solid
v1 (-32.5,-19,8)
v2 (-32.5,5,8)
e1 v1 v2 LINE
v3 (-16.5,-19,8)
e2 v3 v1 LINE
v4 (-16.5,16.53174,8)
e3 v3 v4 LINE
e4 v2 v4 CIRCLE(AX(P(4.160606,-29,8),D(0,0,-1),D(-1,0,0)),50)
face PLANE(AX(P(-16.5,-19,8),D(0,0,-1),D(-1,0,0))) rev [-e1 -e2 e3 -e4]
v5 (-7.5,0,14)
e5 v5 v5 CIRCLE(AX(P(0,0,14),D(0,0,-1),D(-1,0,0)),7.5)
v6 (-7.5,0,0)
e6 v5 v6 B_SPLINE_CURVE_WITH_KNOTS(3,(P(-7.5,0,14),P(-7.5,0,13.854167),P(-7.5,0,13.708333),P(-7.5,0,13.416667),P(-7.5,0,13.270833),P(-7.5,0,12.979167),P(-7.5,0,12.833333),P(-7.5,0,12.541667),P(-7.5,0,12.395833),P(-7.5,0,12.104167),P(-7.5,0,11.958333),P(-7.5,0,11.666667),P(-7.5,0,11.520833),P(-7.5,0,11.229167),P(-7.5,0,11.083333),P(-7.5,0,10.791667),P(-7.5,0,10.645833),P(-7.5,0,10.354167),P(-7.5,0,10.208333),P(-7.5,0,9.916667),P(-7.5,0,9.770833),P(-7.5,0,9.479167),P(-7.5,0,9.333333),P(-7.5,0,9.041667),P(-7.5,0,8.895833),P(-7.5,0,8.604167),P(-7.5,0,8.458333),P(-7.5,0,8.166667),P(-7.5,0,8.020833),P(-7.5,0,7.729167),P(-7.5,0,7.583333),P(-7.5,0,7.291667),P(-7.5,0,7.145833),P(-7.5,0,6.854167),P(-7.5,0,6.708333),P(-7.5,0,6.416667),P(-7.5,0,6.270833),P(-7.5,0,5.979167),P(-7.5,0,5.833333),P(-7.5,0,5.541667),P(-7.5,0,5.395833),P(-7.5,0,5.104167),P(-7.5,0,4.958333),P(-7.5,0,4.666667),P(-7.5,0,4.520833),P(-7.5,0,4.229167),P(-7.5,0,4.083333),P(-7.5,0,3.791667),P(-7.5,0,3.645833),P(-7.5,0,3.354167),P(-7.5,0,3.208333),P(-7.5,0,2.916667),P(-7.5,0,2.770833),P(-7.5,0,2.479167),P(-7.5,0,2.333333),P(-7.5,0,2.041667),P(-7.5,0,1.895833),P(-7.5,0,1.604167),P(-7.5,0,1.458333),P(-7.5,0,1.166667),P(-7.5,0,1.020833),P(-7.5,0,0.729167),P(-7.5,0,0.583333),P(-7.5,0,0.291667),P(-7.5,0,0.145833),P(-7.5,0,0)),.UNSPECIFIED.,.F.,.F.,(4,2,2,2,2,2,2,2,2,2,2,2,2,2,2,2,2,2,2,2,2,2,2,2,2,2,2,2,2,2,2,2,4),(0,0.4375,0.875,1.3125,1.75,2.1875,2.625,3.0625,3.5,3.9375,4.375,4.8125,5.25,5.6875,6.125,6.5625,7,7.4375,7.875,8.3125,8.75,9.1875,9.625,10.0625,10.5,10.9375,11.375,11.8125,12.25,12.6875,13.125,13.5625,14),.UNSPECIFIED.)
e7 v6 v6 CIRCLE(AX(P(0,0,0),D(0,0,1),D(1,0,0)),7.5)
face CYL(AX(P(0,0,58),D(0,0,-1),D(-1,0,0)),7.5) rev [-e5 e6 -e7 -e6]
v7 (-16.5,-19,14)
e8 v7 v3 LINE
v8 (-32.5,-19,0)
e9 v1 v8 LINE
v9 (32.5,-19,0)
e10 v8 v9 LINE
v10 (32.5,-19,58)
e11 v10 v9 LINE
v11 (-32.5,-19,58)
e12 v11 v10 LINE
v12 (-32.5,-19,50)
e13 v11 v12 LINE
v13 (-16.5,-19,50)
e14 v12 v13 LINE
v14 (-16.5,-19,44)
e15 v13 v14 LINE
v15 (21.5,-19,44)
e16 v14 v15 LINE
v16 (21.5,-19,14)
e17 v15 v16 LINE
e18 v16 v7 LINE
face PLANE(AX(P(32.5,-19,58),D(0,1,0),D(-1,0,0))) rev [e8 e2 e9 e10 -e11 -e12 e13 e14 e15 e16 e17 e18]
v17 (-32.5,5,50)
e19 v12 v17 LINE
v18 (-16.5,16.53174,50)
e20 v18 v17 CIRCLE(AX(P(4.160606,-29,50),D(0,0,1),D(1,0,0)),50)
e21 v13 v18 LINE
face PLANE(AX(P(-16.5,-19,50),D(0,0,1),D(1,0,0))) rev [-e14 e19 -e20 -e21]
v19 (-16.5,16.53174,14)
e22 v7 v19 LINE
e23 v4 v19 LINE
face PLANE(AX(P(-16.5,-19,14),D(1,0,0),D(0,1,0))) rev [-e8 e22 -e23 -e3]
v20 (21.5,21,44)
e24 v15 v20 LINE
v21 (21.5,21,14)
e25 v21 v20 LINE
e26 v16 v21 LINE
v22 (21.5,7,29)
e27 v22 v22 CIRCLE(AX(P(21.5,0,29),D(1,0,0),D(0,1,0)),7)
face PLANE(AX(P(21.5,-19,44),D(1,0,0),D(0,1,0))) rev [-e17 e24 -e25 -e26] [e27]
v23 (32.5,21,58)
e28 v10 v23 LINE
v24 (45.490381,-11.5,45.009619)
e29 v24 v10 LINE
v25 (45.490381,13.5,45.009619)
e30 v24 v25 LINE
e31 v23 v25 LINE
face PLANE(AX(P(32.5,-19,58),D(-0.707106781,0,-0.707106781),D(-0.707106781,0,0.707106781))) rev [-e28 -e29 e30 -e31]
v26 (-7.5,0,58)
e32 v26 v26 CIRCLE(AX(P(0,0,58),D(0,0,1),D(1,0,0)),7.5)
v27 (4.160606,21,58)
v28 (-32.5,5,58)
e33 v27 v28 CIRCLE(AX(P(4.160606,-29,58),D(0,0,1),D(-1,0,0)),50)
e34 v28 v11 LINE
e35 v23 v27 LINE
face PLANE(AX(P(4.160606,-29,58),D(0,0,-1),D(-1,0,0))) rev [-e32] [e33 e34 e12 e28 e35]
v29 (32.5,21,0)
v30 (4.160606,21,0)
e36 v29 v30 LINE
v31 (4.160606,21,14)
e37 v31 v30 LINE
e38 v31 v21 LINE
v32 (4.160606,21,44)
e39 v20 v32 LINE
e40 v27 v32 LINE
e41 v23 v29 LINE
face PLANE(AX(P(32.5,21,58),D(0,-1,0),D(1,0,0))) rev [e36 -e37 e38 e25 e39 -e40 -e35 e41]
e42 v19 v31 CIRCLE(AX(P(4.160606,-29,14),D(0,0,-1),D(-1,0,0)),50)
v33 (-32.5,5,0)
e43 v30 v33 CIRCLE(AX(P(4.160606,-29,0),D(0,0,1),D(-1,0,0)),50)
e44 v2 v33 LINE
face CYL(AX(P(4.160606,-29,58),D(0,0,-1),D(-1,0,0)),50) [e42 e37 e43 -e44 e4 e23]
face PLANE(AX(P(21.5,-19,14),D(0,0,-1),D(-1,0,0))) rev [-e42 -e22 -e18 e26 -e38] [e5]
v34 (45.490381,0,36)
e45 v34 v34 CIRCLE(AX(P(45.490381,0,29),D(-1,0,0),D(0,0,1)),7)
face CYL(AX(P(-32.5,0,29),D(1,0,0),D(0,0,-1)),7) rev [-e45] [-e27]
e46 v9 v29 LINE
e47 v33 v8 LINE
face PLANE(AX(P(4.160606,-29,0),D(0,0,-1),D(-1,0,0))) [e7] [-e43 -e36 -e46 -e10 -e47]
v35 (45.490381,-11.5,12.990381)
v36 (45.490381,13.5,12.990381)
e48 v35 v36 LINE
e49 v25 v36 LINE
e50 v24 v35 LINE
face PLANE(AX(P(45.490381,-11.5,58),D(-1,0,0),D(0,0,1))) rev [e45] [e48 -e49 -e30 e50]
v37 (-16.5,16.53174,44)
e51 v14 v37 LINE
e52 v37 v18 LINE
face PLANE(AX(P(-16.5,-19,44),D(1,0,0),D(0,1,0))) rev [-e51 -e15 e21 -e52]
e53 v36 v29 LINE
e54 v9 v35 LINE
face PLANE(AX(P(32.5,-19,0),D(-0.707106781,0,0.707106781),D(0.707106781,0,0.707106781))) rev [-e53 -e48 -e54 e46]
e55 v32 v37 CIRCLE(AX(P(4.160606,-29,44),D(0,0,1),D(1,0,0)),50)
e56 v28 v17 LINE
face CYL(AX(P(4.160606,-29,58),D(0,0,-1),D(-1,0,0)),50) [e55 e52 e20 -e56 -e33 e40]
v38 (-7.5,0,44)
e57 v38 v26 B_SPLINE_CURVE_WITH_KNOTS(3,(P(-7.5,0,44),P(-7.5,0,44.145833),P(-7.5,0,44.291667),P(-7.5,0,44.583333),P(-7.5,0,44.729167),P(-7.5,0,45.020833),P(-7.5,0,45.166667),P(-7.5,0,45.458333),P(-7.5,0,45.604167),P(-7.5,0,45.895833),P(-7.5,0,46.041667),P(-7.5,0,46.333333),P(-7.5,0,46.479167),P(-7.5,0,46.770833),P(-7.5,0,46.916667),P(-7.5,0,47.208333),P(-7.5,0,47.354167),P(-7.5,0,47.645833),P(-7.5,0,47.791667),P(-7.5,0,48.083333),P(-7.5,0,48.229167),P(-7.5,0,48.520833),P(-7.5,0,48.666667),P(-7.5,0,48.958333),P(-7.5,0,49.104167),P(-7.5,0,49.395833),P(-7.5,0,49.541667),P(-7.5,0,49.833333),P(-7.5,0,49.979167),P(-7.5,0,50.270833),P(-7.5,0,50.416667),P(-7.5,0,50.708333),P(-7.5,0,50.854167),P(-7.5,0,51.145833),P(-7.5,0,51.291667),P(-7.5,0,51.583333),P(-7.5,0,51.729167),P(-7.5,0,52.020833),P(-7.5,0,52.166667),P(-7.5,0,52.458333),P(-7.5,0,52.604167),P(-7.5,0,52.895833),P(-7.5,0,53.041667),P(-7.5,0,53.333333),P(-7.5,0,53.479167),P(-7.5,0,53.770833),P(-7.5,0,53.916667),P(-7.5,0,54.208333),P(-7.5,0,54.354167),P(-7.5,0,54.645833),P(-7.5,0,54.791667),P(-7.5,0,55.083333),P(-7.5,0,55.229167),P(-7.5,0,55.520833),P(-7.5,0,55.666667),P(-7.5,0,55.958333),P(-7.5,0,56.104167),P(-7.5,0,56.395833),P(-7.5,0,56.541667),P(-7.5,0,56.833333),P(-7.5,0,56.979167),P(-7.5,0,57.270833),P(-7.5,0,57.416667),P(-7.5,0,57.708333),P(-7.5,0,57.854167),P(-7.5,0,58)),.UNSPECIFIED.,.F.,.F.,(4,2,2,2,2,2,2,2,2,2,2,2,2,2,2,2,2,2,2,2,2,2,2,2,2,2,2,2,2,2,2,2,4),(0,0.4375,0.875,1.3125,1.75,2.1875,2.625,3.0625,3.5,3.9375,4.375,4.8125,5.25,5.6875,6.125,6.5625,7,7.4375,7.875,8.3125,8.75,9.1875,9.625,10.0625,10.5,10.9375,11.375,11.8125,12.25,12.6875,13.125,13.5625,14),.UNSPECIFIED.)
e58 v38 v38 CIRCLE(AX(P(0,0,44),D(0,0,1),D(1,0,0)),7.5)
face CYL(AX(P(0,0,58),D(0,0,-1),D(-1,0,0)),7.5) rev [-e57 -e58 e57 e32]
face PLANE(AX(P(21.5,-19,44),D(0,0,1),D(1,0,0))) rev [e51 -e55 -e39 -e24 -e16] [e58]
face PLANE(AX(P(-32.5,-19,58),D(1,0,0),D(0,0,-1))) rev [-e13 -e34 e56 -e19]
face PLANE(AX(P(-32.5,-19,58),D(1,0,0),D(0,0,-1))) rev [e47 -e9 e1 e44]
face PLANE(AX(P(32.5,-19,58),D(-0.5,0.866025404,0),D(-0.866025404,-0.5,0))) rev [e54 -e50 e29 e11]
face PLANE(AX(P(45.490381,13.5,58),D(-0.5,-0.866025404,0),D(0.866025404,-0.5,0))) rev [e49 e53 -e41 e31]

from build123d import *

# Parameters (mm, degrees)
SKETCH1_R               = 7.5
BOSS_EXTRUDE1_DEPTH     = 58
SKETCH2_W               = 38
SKETCH2_H               = 30
CUT_EXTRUDE1_DEPTH      = 84.865217872
CUT_EXTRUDE1_DEPTH_BACK = 84.865217872
SKETCH3_W               = 16
SKETCH3_H               = 6
CUT_EXTRUDE4_DEPTH      = 84.865217872
CUT_EXTRUDE4_DEPTH_BACK = 84.865217872
SKETCH4_R               = 7
CUT_EXTRUDE5_DEPTH      = 100.435906681
CUT_EXTRUDE5_DEPTH_BACK = 100.435906681
CUT_EXTRUDE6_DEPTH      = 84.865217872
CUT_EXTRUDE6_DEPTH_BACK = 84.865217872


with BuildPart() as part:
    # Sketch1 → Boss-Extrude1 (new body)
    with BuildSketch(Plane.XY):
        with BuildLine():
            Line((32.5, -19), (-32.5, -19))
            Line((-32.5, -19), (-32.5, 5))
            ThreePointArc((-32.5, 5), (-15.83939444, 16.82575695), (4.16060556, 21))
            Line((4.16060556, 21), (32.5, 21))
            Line((32.5, 21), (45.490381057, 13.5))
            Line((45.490381057, 13.5), (45.490381057, -11.5))
            Line((45.490381057, -11.5), (32.5, -19))
        make_face()
        with Locations(Location((0, 0, 0), (0, 0, 180))):
            Circle(SKETCH1_R, mode=Mode.SUBTRACT)
    extrude(amount=BOSS_EXTRUDE1_DEPTH)

    # Sketch2 → Cut-Extrude1 (cut, two sides)
    with BuildSketch(Plane(origin=(0, 21, 0), x_dir=(1, 0, 0), z_dir=(0, 1, 0))) as cut_extrude1_sk:
        with Locations((2.5, -29)):
            Rectangle(SKETCH2_W, SKETCH2_H)
    extrude(amount=CUT_EXTRUDE1_DEPTH, mode=Mode.SUBTRACT)
    extrude(cut_extrude1_sk.sketch, amount=-CUT_EXTRUDE1_DEPTH_BACK, mode=Mode.SUBTRACT)

    # Sketch3 → Cut-Extrude4 (cut, two sides)
    with BuildSketch(Plane(origin=(0, 21, 0), x_dir=(1, 0, 0), z_dir=(0, 1, 0))) as cut_extrude4_sk:
        with Locations((-24.5, -47)):
            Rectangle(SKETCH3_W, SKETCH3_H)
        with Locations((-24.5, -11)):
            Rectangle(SKETCH3_W, SKETCH3_H)
    extrude(amount=CUT_EXTRUDE4_DEPTH, mode=Mode.SUBTRACT)
    extrude(cut_extrude4_sk.sketch, amount=-CUT_EXTRUDE4_DEPTH_BACK, mode=Mode.SUBTRACT)


with BuildPart() as body_2:
    # of the pieces the cut leaves, the one that is kept (cut_extrude4_keep)
    add(part.part.solids().sort_by_distance((4.16060556, 21, 0))[0])

    # Sketch4 → Cut-Extrude5 (cut, two sides)
    with BuildSketch(Plane(origin=(45.490381057, 0, 0), x_dir=(0, 0, -1), z_dir=(1, 0, 0))) as cut_extrude5_sk:
        with Locations(Location((-29, 0, 0), (0, 0, 90))):
            Circle(SKETCH4_R)
    extrude(amount=CUT_EXTRUDE5_DEPTH, mode=Mode.SUBTRACT)
    extrude(cut_extrude5_sk.sketch, amount=-CUT_EXTRUDE5_DEPTH_BACK, mode=Mode.SUBTRACT)

    # Sketch6 → Cut-Extrude6 (cut, two sides)
    with BuildSketch(Plane(origin=(0, 21, 0), x_dir=(1, 0, 0), z_dir=(0, 1, 0))) as cut_extrude6_sk:
        Polygon((32.5, 0), (45.490381057, -12.990381057), (45.490381057, 0), align=None)
        Polygon((45.490381057, -45.009618943), (45.490381057, -58), (32.5, -58), align=None)
    extrude(amount=CUT_EXTRUDE6_DEPTH, mode=Mode.SUBTRACT)
    extrude(cut_extrude6_sk.sketch, amount=-CUT_EXTRUDE6_DEPTH_BACK, mode=Mode.SUBTRACT)


solid = body_2.part
